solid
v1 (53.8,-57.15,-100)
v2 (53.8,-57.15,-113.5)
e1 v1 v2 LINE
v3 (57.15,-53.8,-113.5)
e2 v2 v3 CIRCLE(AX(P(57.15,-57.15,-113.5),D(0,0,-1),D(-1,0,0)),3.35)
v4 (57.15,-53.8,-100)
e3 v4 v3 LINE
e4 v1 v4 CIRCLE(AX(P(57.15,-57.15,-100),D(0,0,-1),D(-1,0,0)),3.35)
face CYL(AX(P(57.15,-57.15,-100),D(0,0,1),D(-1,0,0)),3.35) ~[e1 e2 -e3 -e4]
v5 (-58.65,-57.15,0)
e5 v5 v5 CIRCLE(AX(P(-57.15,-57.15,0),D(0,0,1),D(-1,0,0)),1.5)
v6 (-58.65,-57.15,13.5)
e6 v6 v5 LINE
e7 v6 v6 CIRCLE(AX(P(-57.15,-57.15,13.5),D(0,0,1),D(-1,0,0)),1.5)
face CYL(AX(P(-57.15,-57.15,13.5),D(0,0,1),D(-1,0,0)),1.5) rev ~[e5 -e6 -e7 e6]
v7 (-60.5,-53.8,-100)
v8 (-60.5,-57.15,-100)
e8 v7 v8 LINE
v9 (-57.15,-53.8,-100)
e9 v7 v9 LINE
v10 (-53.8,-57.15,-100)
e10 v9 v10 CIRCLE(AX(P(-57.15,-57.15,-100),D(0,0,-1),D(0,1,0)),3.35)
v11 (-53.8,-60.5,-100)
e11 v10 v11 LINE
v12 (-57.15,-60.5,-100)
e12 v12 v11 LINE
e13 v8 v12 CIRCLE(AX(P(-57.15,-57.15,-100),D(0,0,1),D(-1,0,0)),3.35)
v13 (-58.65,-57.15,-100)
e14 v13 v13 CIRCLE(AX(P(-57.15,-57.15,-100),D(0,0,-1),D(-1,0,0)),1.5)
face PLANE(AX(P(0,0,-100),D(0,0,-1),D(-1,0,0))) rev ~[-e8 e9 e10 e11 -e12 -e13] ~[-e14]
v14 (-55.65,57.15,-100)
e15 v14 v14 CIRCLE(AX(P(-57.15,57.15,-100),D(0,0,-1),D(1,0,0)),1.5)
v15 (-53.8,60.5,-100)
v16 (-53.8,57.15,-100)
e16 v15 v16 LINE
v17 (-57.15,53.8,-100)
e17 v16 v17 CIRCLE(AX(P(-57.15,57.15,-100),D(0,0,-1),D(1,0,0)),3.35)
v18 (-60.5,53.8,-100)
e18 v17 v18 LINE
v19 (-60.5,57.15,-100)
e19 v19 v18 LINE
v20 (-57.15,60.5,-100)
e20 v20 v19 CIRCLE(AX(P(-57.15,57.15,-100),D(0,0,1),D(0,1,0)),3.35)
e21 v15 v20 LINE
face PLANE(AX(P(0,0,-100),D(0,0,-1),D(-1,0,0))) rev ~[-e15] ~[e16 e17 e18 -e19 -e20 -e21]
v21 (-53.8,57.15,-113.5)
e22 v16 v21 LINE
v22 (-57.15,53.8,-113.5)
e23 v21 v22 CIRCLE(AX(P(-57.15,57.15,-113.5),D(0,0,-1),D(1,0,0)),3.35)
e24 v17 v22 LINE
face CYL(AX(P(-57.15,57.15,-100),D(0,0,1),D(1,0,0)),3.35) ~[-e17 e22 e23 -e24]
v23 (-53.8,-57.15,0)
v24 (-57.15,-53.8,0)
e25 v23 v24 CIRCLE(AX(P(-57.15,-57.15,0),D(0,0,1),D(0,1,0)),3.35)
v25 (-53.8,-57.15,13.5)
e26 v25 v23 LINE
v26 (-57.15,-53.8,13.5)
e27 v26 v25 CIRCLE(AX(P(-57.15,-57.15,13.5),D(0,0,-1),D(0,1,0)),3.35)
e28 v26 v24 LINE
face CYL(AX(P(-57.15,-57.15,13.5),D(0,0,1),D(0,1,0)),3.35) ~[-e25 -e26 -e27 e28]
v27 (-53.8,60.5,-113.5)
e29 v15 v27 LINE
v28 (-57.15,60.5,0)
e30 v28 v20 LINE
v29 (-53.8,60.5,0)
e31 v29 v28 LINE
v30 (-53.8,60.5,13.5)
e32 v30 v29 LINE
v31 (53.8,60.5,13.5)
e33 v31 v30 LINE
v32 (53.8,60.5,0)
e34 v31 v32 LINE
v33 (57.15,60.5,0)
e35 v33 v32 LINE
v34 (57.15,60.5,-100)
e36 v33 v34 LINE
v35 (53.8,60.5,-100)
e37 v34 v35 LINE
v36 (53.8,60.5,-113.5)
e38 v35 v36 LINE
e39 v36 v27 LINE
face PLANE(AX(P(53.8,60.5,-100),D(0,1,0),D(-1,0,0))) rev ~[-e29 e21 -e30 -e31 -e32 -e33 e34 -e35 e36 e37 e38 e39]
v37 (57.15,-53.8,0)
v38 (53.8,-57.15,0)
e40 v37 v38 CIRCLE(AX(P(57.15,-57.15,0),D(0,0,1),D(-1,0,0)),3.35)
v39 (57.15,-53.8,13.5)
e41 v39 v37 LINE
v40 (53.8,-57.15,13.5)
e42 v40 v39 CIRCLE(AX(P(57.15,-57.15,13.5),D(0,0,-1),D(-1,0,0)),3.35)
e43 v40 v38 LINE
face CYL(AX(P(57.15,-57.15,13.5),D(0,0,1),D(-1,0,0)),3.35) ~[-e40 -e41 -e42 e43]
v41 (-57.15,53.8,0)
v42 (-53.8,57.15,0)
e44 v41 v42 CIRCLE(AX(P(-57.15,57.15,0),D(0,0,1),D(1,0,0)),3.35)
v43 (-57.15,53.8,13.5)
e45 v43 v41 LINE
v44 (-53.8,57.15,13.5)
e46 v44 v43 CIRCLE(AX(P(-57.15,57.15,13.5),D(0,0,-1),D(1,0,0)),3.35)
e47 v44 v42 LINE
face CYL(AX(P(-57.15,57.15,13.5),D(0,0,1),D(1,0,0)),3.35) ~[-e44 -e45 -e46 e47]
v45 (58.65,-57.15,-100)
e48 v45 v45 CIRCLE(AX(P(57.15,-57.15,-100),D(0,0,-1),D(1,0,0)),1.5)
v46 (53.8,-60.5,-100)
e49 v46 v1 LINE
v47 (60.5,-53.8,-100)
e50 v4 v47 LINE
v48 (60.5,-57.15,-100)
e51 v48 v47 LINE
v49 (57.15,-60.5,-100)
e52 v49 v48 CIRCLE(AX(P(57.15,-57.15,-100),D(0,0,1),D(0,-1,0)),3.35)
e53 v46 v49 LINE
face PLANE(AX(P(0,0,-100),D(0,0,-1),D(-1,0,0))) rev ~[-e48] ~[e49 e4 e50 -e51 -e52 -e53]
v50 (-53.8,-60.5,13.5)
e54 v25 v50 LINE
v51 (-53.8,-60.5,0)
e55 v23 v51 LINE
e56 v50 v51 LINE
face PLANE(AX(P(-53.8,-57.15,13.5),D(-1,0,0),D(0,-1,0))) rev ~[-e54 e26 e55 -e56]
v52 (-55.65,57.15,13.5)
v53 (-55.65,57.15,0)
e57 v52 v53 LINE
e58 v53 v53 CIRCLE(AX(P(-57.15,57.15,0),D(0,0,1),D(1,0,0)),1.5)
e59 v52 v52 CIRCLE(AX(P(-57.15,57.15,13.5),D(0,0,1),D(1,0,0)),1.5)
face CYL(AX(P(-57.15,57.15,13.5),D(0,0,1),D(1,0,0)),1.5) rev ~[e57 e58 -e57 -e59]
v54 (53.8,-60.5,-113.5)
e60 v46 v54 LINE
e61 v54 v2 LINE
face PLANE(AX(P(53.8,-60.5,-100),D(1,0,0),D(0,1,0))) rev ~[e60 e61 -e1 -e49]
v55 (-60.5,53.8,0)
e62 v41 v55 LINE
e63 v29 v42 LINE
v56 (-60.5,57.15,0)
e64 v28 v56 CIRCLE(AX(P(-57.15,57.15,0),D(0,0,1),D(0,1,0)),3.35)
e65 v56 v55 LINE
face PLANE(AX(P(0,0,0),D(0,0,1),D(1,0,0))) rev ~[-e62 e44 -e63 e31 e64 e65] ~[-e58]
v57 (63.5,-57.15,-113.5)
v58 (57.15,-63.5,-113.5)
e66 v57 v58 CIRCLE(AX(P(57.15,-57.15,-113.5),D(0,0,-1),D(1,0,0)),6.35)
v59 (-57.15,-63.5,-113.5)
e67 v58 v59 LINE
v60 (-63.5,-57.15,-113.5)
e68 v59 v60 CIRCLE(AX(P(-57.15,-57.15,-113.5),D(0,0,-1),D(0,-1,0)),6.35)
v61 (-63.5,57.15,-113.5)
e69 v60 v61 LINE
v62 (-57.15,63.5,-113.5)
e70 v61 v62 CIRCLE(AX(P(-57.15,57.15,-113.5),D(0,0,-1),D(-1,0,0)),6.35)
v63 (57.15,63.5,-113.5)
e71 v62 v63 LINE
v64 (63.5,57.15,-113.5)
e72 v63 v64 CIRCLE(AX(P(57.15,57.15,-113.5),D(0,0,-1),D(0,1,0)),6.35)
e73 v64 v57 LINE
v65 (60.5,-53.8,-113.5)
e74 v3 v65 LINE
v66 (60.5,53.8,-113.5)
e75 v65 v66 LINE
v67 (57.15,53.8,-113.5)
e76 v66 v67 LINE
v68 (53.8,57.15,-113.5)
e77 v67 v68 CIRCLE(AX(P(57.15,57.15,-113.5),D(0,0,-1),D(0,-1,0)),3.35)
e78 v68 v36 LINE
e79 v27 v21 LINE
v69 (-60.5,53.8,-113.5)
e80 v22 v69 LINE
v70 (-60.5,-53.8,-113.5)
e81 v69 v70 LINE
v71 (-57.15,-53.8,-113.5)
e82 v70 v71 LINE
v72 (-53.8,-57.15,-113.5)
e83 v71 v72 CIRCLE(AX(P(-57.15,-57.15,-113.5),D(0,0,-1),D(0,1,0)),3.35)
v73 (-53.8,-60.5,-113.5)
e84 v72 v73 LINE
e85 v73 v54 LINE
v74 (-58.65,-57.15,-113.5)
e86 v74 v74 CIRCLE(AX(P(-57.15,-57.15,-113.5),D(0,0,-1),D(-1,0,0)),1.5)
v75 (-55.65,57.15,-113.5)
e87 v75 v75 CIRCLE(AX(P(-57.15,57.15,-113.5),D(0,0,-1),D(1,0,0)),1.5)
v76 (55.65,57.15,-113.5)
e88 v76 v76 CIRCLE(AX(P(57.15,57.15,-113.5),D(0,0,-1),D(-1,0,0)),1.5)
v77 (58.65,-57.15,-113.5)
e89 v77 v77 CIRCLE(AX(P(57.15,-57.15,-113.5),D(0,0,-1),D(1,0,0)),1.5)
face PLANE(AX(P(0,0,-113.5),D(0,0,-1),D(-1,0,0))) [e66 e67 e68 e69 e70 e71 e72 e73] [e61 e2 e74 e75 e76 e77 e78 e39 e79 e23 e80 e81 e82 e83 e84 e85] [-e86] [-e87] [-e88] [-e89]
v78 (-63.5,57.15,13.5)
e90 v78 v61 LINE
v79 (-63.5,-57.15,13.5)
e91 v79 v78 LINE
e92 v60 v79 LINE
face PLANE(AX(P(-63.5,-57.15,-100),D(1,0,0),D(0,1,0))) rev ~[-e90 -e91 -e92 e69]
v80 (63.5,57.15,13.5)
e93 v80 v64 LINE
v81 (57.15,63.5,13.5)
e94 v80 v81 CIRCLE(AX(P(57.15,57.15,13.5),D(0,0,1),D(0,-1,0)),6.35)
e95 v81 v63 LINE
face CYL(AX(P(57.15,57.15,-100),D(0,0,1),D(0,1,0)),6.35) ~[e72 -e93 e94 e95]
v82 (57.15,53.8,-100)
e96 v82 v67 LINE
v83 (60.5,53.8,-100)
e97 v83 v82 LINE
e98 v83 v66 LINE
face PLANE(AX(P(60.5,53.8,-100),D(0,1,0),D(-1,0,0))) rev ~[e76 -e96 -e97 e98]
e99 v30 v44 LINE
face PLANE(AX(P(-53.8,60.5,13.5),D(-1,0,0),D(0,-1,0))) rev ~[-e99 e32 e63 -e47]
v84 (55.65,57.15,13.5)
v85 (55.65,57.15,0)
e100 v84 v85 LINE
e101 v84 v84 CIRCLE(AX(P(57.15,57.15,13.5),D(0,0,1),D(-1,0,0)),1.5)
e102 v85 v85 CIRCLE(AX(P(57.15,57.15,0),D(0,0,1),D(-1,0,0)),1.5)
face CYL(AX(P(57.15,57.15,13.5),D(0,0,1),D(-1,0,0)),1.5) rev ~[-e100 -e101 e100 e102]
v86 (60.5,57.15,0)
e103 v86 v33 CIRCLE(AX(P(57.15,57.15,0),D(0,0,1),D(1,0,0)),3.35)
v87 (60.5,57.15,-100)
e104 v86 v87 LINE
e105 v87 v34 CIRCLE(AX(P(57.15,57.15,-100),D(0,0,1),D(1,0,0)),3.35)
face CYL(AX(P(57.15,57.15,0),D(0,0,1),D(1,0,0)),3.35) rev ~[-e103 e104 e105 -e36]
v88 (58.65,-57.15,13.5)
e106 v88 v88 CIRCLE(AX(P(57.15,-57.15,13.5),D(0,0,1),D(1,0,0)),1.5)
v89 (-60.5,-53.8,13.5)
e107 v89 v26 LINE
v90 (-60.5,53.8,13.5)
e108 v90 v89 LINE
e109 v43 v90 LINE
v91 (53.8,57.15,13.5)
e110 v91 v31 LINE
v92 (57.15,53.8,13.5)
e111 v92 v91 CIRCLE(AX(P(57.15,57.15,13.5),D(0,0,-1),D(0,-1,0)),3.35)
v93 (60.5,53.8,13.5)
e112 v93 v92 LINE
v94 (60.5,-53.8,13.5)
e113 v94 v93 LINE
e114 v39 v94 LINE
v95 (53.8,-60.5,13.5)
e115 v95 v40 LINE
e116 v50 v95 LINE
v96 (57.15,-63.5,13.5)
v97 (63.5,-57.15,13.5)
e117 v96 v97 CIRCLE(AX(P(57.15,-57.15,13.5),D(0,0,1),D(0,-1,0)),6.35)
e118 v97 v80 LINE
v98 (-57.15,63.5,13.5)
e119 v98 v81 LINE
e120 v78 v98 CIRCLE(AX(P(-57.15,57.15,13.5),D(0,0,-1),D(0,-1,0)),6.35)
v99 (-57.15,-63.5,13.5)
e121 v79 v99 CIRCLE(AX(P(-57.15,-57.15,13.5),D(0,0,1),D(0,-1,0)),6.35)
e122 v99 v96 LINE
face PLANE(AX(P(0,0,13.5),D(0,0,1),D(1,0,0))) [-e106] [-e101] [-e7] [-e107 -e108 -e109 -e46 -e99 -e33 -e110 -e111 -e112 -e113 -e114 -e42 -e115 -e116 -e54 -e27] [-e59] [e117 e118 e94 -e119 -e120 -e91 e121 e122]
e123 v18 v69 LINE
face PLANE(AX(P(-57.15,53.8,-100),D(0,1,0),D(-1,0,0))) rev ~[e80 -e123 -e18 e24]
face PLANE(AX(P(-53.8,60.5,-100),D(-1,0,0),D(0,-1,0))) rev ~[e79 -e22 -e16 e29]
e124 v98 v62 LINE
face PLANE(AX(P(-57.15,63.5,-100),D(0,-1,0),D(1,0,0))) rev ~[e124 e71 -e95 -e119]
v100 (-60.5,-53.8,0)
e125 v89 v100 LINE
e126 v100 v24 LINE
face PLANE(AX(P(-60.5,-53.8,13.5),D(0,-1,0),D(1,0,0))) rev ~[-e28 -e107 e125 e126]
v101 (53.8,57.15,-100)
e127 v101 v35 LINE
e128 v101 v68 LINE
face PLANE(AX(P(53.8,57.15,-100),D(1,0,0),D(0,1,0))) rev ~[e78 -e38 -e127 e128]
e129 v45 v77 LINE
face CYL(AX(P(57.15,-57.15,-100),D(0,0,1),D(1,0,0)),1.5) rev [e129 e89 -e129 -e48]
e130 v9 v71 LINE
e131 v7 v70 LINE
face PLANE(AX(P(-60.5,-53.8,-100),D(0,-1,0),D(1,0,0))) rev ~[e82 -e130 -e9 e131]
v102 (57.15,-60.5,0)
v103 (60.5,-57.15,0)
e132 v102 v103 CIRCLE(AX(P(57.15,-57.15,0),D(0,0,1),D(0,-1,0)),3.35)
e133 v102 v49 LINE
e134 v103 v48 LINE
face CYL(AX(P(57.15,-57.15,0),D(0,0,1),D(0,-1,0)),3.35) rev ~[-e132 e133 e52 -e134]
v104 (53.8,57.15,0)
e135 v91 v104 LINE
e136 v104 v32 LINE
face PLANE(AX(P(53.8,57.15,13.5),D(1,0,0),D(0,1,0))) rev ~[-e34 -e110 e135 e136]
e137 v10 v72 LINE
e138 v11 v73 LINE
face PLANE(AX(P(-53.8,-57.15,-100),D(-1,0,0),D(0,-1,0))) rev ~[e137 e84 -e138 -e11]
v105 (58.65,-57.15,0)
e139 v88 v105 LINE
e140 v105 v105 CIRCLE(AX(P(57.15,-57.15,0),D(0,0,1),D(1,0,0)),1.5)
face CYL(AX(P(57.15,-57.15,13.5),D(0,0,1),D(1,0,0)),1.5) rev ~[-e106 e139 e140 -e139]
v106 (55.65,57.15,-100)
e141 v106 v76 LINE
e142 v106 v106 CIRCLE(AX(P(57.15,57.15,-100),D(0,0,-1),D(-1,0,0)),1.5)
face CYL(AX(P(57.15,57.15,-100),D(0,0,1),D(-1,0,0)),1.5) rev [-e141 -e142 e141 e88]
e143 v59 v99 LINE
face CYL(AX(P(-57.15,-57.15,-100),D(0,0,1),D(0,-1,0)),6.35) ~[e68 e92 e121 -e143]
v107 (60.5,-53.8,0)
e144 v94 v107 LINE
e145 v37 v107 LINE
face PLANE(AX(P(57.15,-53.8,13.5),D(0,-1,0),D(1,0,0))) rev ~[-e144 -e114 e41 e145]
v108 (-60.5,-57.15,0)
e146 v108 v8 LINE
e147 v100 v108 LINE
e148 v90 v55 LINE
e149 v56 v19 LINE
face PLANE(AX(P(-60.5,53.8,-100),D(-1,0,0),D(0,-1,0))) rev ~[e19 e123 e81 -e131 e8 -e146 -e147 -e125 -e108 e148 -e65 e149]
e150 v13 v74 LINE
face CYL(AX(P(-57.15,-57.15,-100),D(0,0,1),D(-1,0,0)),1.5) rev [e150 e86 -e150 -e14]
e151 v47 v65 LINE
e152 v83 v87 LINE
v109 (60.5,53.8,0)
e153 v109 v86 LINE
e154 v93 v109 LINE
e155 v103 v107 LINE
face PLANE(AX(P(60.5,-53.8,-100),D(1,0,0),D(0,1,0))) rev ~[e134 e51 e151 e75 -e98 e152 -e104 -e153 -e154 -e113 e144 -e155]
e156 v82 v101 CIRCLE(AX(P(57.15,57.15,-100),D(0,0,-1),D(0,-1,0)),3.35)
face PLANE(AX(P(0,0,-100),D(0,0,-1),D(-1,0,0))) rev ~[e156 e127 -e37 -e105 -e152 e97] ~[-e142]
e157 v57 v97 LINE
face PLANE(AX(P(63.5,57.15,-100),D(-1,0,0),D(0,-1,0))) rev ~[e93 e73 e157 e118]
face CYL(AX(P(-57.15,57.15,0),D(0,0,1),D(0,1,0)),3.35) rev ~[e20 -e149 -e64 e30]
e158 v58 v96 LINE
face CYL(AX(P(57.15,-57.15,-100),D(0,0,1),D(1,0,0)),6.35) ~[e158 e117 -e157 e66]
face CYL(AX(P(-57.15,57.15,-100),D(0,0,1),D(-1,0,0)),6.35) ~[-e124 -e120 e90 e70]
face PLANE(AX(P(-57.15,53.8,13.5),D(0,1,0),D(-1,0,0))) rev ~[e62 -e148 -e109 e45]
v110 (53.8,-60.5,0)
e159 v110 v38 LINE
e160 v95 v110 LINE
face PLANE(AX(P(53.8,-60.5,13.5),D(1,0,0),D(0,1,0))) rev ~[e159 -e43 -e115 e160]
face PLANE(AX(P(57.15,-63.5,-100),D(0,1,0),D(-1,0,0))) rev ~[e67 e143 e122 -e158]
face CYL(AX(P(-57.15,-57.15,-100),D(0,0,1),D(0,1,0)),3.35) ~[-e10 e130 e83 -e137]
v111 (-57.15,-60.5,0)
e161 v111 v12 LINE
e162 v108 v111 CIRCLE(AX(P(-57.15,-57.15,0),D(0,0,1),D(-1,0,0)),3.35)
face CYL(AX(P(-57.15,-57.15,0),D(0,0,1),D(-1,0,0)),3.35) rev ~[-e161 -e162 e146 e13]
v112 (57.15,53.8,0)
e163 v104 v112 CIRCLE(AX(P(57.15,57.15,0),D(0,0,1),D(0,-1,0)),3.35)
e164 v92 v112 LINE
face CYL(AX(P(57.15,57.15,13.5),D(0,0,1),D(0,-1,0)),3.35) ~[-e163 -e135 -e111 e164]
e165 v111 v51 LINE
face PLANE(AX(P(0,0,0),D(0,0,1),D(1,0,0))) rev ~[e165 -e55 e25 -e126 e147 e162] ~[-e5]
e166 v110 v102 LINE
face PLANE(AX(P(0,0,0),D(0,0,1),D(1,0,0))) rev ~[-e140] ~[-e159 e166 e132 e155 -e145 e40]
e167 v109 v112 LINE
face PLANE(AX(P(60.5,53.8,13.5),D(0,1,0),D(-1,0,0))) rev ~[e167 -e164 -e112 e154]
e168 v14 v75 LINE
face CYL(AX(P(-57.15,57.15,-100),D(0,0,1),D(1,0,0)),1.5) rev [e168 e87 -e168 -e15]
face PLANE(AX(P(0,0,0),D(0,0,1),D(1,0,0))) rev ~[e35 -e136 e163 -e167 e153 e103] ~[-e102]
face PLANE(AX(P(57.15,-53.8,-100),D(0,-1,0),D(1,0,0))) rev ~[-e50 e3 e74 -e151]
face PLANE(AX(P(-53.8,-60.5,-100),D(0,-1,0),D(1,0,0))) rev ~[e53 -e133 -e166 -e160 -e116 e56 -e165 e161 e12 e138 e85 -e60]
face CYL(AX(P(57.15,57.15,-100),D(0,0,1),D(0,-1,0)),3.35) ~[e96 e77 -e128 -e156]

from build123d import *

# Parameters (mm, degrees)
SKETCH1_W           = 127
SKETCH1_H           = 127
SKETCH1_W_2         = 121
SKETCH1_H_2         = 121
SKETCH1_R           = 38.5
BOSS_EXTRUDE1_DEPTH = 13.5
FILLET1_R           = 6.35
SKETCH2_R           = 1.5
CUT_EXTRUDE1_DEPTH  = 91.811618199
BOSS_EXTRUDE2_DEPTH = 100
SKETCH5_R           = 1.5
BOSS_EXTRUDE3_DEPTH = 13.5


with BuildPart() as part:
    # Sketch1 → Boss-Extrude1 (new body)
    with BuildSketch(Plane.XY):
        Rectangle(SKETCH1_W, SKETCH1_H)
        Rectangle(SKETCH1_W_2, SKETCH1_H_2, mode=Mode.SUBTRACT)
        Rectangle(SKETCH1_W_2, SKETCH1_H_2)
        Circle(SKETCH1_R, mode=Mode.SUBTRACT)
        Circle(SKETCH1_R)
    extrude(amount=BOSS_EXTRUDE1_DEPTH)

    # Fillet1
    fillet1_edges = [part.edges().sort_by_distance(p)[0] for p in [
        (-63.5, 63.5, 6.75),
        (63.5, 63.5, 6.75),
        (63.5, -63.5, 6.75),
        (-63.5, -63.5, 6.75),
    ]]
    fillet(fillet1_edges, radius=FILLET1_R)

    # Sketch2 → Cut-Extrude1 (cut, through all)
    with BuildSketch(Plane.XY.offset(13.5)):
        with Locations(Location((57.15, 57.15, 0), (0, 0, 180))):
            Circle(SKETCH2_R)
        with Locations((57.15, -57.15)):
            Circle(SKETCH2_R)
        with Locations((-57.15, 57.15)):
            Circle(SKETCH2_R)
        with Locations(Location((-57.15, -57.15, 0), (0, 0, 180))):
            Circle(SKETCH2_R)
        with BuildLine():
            Line((53.8, 57.15), (53.8, 60.5))
            Line((53.8, 60.5), (-53.8, 60.5))
            Line((-53.8, 60.5), (-53.8, 57.15))
            ThreePointArc((-53.8, 57.15), (-54.781192283, 54.781192283), (-57.15, 53.8))
            Line((-57.15, 53.8), (-60.5, 53.8))
            Line((-60.5, 53.8), (-60.5, -53.8))
            Line((-60.5, -53.8), (-57.15, -53.8))
            ThreePointArc((-57.15, -53.8), (-54.781192283, -54.781192283), (-53.8, -57.15))
            Line((-53.8, -57.15), (-53.8, -60.5))
            Line((-53.8, -60.5), (53.8, -60.5))
            Line((53.8, -60.5), (53.8, -57.15))
            ThreePointArc((53.8, -57.15), (54.781192283, -54.781192283), (57.15, -53.8))
            Line((57.15, -53.8), (60.5, -53.8))
            Line((60.5, -53.8), (60.5, 53.8))
            Line((60.5, 53.8), (57.15, 53.8))
            ThreePointArc((57.15, 53.8), (54.781192283, 54.781192283), (53.8, 57.15))
        make_face()
    extrude(amount=-CUT_EXTRUDE1_DEPTH, mode=Mode.SUBTRACT)

    # Sketch4 → Boss-Extrude2 (add)
    with BuildSketch(Plane(origin=(0, 0, 0), x_dir=(-1, 0, 0), z_dir=(0, 0, -1))):
        with BuildLine():
            ThreePointArc((63.5, 57.15), (61.640128061, 61.640128061), (57.15, 63.5))
            Line((57.15, 63.5), (-57.15, 63.5))
            ThreePointArc((-57.15, 63.5), (-61.640128061, 61.640128061), (-63.5, 57.15))
            Line((-63.5, 57.15), (-63.5, -57.15))
            ThreePointArc((-63.5, -57.15), (-61.640128061, -61.640128061), (-57.15, -63.5))
            Line((-57.15, -63.5), (57.15, -63.5))
            ThreePointArc((57.15, -63.5), (61.640128061, -61.640128061), (63.5, -57.15))
            Line((63.5, -57.15), (63.5, 57.15))
        make_face()
        with BuildLine():
            Line((53.8, 60.5), (57.15, 60.5))
            ThreePointArc((57.15, 60.5), (59.518807717, 59.518807717), (60.5, 57.15))
            Line((60.5, 57.15), (60.5, 53.8))
            Line((60.5, 53.8), (60.5, -53.8))
            Line((60.5, -53.8), (60.5, -57.15))
            ThreePointArc((60.5, -57.15), (59.518807717, -59.518807717), (57.15, -60.5))
            Line((57.15, -60.5), (53.8, -60.5))
            Line((53.8, -60.5), (-53.8, -60.5))
            Line((-53.8, -60.5), (-57.15, -60.5))
            ThreePointArc((-57.15, -60.5), (-59.518807717, -59.518807717), (-60.5, -57.15))
            Line((-60.5, -57.15), (-60.5, -53.8))
            Line((-60.5, -53.8), (-60.5, 53.8))
            Line((-60.5, 53.8), (-60.5, 57.15))
            ThreePointArc((-60.5, 57.15), (-59.518807717, 59.518807717), (-57.15, 60.5))
            Line((-57.15, 60.5), (-53.8, 60.5))
            Line((-53.8, 60.5), (53.8, 60.5))
        make_face(mode=Mode.SUBTRACT)
    extrude(amount=BOSS_EXTRUDE2_DEPTH)

    # Sketch5 → Boss-Extrude3 (add)
    with BuildSketch(Plane(origin=(0, 0, -100), x_dir=(-1, 0, 0), z_dir=(0, 0, -1))):
        with BuildLine():
            Line((63.5, -57.15), (63.5, 57.15))
            ThreePointArc((63.5, 57.15), (61.640128061, 61.640128061), (57.15, 63.5))
            Line((57.15, 63.5), (-57.15, 63.5))
            ThreePointArc((-57.15, 63.5), (-61.640128061, 61.640128061), (-63.5, 57.15))
            Line((-63.5, 57.15), (-63.5, -57.15))
            ThreePointArc((-63.5, -57.15), (-61.640128061, -61.640128061), (-57.15, -63.5))
            Line((-57.15, -63.5), (57.15, -63.5))
            ThreePointArc((57.15, -63.5), (61.640128061, -61.640128061), (63.5, -57.15))
        make_face()
        with BuildLine():
            Line((-60.5, -57.15), (-60.5, 57.15))
            ThreePointArc((-60.5, 57.15), (-59.518807717, 59.518807717), (-57.15, 60.5))
            Line((-57.15, 60.5), (57.15, 60.5))
            ThreePointArc((57.15, 60.5), (59.518807717, 59.518807717), (60.5, 57.15))
            Line((60.5, 57.15), (60.5, -57.15))
            ThreePointArc((60.5, -57.15), (59.518807717, -59.518807717), (57.15, -60.5))
            Line((57.15, -60.5), (-57.15, -60.5))
            ThreePointArc((-57.15, -60.5), (-59.518807717, -59.518807717), (-60.5, -57.15))
        make_face(mode=Mode.SUBTRACT)
        with BuildLine():
            Line((-57.15, -53.8), (-60.5, -53.8))
            Line((-60.5, -53.8), (-60.5, -57.15))
            ThreePointArc((-60.5, -57.15), (-59.518807717, -59.518807717), (-57.15, -60.5))
            Line((-57.15, -60.5), (-53.8, -60.5))
            Line((-53.8, -60.5), (-53.8, -57.15))
            ThreePointArc((-53.8, -57.15), (-54.781192283, -54.781192283), (-57.15, -53.8))
        make_face()
        with Locations(Location((-57.15, -57.15, 0), (0, 0, 180))):
            Circle(SKETCH5_R, mode=Mode.SUBTRACT)
        with BuildLine():
            Line((60.5, -57.15), (60.5, -53.8))
            Line((60.5, -53.8), (57.15, -53.8))
            ThreePointArc((57.15, -53.8), (54.781192283, -54.781192283), (53.8, -57.15))
            Line((53.8, -57.15), (53.8, -60.5))
            Line((53.8, -60.5), (57.15, -60.5))
            ThreePointArc((57.15, -60.5), (59.518807717, -59.518807717), (60.5, -57.15))
        make_face()
        with Locations((57.15, -57.15)):
            Circle(SKETCH5_R, mode=Mode.SUBTRACT)
        with BuildLine():
            Line((57.15, 60.5), (53.8, 60.5))
            Line((53.8, 60.5), (53.8, 57.15))
            ThreePointArc((53.8, 57.15), (54.781192283, 54.781192283), (57.15, 53.8))
            Line((57.15, 53.8), (60.5, 53.8))
            Line((60.5, 53.8), (60.5, 57.15))
            ThreePointArc((60.5, 57.15), (59.518807717, 59.518807717), (57.15, 60.5))
        make_face()
        with Locations(Location((57.15, 57.15, 0), (0, 0, 180))):
            Circle(SKETCH5_R, mode=Mode.SUBTRACT)
        with BuildLine():
            Line((-53.8, 57.15), (-53.8, 60.5))
            Line((-53.8, 60.5), (-57.15, 60.5))
            ThreePointArc((-57.15, 60.5), (-59.518807717, 59.518807717), (-60.5, 57.15))
            Line((-60.5, 57.15), (-60.5, 53.8))
            Line((-60.5, 53.8), (-57.15, 53.8))
            ThreePointArc((-57.15, 53.8), (-54.781192283, 54.781192283), (-53.8, 57.15))
        make_face()
        with Locations((-57.15, 57.15)):
            Circle(SKETCH5_R, mode=Mode.SUBTRACT)
    extrude(amount=BOSS_EXTRUDE3_DEPTH)


solid = part.part
